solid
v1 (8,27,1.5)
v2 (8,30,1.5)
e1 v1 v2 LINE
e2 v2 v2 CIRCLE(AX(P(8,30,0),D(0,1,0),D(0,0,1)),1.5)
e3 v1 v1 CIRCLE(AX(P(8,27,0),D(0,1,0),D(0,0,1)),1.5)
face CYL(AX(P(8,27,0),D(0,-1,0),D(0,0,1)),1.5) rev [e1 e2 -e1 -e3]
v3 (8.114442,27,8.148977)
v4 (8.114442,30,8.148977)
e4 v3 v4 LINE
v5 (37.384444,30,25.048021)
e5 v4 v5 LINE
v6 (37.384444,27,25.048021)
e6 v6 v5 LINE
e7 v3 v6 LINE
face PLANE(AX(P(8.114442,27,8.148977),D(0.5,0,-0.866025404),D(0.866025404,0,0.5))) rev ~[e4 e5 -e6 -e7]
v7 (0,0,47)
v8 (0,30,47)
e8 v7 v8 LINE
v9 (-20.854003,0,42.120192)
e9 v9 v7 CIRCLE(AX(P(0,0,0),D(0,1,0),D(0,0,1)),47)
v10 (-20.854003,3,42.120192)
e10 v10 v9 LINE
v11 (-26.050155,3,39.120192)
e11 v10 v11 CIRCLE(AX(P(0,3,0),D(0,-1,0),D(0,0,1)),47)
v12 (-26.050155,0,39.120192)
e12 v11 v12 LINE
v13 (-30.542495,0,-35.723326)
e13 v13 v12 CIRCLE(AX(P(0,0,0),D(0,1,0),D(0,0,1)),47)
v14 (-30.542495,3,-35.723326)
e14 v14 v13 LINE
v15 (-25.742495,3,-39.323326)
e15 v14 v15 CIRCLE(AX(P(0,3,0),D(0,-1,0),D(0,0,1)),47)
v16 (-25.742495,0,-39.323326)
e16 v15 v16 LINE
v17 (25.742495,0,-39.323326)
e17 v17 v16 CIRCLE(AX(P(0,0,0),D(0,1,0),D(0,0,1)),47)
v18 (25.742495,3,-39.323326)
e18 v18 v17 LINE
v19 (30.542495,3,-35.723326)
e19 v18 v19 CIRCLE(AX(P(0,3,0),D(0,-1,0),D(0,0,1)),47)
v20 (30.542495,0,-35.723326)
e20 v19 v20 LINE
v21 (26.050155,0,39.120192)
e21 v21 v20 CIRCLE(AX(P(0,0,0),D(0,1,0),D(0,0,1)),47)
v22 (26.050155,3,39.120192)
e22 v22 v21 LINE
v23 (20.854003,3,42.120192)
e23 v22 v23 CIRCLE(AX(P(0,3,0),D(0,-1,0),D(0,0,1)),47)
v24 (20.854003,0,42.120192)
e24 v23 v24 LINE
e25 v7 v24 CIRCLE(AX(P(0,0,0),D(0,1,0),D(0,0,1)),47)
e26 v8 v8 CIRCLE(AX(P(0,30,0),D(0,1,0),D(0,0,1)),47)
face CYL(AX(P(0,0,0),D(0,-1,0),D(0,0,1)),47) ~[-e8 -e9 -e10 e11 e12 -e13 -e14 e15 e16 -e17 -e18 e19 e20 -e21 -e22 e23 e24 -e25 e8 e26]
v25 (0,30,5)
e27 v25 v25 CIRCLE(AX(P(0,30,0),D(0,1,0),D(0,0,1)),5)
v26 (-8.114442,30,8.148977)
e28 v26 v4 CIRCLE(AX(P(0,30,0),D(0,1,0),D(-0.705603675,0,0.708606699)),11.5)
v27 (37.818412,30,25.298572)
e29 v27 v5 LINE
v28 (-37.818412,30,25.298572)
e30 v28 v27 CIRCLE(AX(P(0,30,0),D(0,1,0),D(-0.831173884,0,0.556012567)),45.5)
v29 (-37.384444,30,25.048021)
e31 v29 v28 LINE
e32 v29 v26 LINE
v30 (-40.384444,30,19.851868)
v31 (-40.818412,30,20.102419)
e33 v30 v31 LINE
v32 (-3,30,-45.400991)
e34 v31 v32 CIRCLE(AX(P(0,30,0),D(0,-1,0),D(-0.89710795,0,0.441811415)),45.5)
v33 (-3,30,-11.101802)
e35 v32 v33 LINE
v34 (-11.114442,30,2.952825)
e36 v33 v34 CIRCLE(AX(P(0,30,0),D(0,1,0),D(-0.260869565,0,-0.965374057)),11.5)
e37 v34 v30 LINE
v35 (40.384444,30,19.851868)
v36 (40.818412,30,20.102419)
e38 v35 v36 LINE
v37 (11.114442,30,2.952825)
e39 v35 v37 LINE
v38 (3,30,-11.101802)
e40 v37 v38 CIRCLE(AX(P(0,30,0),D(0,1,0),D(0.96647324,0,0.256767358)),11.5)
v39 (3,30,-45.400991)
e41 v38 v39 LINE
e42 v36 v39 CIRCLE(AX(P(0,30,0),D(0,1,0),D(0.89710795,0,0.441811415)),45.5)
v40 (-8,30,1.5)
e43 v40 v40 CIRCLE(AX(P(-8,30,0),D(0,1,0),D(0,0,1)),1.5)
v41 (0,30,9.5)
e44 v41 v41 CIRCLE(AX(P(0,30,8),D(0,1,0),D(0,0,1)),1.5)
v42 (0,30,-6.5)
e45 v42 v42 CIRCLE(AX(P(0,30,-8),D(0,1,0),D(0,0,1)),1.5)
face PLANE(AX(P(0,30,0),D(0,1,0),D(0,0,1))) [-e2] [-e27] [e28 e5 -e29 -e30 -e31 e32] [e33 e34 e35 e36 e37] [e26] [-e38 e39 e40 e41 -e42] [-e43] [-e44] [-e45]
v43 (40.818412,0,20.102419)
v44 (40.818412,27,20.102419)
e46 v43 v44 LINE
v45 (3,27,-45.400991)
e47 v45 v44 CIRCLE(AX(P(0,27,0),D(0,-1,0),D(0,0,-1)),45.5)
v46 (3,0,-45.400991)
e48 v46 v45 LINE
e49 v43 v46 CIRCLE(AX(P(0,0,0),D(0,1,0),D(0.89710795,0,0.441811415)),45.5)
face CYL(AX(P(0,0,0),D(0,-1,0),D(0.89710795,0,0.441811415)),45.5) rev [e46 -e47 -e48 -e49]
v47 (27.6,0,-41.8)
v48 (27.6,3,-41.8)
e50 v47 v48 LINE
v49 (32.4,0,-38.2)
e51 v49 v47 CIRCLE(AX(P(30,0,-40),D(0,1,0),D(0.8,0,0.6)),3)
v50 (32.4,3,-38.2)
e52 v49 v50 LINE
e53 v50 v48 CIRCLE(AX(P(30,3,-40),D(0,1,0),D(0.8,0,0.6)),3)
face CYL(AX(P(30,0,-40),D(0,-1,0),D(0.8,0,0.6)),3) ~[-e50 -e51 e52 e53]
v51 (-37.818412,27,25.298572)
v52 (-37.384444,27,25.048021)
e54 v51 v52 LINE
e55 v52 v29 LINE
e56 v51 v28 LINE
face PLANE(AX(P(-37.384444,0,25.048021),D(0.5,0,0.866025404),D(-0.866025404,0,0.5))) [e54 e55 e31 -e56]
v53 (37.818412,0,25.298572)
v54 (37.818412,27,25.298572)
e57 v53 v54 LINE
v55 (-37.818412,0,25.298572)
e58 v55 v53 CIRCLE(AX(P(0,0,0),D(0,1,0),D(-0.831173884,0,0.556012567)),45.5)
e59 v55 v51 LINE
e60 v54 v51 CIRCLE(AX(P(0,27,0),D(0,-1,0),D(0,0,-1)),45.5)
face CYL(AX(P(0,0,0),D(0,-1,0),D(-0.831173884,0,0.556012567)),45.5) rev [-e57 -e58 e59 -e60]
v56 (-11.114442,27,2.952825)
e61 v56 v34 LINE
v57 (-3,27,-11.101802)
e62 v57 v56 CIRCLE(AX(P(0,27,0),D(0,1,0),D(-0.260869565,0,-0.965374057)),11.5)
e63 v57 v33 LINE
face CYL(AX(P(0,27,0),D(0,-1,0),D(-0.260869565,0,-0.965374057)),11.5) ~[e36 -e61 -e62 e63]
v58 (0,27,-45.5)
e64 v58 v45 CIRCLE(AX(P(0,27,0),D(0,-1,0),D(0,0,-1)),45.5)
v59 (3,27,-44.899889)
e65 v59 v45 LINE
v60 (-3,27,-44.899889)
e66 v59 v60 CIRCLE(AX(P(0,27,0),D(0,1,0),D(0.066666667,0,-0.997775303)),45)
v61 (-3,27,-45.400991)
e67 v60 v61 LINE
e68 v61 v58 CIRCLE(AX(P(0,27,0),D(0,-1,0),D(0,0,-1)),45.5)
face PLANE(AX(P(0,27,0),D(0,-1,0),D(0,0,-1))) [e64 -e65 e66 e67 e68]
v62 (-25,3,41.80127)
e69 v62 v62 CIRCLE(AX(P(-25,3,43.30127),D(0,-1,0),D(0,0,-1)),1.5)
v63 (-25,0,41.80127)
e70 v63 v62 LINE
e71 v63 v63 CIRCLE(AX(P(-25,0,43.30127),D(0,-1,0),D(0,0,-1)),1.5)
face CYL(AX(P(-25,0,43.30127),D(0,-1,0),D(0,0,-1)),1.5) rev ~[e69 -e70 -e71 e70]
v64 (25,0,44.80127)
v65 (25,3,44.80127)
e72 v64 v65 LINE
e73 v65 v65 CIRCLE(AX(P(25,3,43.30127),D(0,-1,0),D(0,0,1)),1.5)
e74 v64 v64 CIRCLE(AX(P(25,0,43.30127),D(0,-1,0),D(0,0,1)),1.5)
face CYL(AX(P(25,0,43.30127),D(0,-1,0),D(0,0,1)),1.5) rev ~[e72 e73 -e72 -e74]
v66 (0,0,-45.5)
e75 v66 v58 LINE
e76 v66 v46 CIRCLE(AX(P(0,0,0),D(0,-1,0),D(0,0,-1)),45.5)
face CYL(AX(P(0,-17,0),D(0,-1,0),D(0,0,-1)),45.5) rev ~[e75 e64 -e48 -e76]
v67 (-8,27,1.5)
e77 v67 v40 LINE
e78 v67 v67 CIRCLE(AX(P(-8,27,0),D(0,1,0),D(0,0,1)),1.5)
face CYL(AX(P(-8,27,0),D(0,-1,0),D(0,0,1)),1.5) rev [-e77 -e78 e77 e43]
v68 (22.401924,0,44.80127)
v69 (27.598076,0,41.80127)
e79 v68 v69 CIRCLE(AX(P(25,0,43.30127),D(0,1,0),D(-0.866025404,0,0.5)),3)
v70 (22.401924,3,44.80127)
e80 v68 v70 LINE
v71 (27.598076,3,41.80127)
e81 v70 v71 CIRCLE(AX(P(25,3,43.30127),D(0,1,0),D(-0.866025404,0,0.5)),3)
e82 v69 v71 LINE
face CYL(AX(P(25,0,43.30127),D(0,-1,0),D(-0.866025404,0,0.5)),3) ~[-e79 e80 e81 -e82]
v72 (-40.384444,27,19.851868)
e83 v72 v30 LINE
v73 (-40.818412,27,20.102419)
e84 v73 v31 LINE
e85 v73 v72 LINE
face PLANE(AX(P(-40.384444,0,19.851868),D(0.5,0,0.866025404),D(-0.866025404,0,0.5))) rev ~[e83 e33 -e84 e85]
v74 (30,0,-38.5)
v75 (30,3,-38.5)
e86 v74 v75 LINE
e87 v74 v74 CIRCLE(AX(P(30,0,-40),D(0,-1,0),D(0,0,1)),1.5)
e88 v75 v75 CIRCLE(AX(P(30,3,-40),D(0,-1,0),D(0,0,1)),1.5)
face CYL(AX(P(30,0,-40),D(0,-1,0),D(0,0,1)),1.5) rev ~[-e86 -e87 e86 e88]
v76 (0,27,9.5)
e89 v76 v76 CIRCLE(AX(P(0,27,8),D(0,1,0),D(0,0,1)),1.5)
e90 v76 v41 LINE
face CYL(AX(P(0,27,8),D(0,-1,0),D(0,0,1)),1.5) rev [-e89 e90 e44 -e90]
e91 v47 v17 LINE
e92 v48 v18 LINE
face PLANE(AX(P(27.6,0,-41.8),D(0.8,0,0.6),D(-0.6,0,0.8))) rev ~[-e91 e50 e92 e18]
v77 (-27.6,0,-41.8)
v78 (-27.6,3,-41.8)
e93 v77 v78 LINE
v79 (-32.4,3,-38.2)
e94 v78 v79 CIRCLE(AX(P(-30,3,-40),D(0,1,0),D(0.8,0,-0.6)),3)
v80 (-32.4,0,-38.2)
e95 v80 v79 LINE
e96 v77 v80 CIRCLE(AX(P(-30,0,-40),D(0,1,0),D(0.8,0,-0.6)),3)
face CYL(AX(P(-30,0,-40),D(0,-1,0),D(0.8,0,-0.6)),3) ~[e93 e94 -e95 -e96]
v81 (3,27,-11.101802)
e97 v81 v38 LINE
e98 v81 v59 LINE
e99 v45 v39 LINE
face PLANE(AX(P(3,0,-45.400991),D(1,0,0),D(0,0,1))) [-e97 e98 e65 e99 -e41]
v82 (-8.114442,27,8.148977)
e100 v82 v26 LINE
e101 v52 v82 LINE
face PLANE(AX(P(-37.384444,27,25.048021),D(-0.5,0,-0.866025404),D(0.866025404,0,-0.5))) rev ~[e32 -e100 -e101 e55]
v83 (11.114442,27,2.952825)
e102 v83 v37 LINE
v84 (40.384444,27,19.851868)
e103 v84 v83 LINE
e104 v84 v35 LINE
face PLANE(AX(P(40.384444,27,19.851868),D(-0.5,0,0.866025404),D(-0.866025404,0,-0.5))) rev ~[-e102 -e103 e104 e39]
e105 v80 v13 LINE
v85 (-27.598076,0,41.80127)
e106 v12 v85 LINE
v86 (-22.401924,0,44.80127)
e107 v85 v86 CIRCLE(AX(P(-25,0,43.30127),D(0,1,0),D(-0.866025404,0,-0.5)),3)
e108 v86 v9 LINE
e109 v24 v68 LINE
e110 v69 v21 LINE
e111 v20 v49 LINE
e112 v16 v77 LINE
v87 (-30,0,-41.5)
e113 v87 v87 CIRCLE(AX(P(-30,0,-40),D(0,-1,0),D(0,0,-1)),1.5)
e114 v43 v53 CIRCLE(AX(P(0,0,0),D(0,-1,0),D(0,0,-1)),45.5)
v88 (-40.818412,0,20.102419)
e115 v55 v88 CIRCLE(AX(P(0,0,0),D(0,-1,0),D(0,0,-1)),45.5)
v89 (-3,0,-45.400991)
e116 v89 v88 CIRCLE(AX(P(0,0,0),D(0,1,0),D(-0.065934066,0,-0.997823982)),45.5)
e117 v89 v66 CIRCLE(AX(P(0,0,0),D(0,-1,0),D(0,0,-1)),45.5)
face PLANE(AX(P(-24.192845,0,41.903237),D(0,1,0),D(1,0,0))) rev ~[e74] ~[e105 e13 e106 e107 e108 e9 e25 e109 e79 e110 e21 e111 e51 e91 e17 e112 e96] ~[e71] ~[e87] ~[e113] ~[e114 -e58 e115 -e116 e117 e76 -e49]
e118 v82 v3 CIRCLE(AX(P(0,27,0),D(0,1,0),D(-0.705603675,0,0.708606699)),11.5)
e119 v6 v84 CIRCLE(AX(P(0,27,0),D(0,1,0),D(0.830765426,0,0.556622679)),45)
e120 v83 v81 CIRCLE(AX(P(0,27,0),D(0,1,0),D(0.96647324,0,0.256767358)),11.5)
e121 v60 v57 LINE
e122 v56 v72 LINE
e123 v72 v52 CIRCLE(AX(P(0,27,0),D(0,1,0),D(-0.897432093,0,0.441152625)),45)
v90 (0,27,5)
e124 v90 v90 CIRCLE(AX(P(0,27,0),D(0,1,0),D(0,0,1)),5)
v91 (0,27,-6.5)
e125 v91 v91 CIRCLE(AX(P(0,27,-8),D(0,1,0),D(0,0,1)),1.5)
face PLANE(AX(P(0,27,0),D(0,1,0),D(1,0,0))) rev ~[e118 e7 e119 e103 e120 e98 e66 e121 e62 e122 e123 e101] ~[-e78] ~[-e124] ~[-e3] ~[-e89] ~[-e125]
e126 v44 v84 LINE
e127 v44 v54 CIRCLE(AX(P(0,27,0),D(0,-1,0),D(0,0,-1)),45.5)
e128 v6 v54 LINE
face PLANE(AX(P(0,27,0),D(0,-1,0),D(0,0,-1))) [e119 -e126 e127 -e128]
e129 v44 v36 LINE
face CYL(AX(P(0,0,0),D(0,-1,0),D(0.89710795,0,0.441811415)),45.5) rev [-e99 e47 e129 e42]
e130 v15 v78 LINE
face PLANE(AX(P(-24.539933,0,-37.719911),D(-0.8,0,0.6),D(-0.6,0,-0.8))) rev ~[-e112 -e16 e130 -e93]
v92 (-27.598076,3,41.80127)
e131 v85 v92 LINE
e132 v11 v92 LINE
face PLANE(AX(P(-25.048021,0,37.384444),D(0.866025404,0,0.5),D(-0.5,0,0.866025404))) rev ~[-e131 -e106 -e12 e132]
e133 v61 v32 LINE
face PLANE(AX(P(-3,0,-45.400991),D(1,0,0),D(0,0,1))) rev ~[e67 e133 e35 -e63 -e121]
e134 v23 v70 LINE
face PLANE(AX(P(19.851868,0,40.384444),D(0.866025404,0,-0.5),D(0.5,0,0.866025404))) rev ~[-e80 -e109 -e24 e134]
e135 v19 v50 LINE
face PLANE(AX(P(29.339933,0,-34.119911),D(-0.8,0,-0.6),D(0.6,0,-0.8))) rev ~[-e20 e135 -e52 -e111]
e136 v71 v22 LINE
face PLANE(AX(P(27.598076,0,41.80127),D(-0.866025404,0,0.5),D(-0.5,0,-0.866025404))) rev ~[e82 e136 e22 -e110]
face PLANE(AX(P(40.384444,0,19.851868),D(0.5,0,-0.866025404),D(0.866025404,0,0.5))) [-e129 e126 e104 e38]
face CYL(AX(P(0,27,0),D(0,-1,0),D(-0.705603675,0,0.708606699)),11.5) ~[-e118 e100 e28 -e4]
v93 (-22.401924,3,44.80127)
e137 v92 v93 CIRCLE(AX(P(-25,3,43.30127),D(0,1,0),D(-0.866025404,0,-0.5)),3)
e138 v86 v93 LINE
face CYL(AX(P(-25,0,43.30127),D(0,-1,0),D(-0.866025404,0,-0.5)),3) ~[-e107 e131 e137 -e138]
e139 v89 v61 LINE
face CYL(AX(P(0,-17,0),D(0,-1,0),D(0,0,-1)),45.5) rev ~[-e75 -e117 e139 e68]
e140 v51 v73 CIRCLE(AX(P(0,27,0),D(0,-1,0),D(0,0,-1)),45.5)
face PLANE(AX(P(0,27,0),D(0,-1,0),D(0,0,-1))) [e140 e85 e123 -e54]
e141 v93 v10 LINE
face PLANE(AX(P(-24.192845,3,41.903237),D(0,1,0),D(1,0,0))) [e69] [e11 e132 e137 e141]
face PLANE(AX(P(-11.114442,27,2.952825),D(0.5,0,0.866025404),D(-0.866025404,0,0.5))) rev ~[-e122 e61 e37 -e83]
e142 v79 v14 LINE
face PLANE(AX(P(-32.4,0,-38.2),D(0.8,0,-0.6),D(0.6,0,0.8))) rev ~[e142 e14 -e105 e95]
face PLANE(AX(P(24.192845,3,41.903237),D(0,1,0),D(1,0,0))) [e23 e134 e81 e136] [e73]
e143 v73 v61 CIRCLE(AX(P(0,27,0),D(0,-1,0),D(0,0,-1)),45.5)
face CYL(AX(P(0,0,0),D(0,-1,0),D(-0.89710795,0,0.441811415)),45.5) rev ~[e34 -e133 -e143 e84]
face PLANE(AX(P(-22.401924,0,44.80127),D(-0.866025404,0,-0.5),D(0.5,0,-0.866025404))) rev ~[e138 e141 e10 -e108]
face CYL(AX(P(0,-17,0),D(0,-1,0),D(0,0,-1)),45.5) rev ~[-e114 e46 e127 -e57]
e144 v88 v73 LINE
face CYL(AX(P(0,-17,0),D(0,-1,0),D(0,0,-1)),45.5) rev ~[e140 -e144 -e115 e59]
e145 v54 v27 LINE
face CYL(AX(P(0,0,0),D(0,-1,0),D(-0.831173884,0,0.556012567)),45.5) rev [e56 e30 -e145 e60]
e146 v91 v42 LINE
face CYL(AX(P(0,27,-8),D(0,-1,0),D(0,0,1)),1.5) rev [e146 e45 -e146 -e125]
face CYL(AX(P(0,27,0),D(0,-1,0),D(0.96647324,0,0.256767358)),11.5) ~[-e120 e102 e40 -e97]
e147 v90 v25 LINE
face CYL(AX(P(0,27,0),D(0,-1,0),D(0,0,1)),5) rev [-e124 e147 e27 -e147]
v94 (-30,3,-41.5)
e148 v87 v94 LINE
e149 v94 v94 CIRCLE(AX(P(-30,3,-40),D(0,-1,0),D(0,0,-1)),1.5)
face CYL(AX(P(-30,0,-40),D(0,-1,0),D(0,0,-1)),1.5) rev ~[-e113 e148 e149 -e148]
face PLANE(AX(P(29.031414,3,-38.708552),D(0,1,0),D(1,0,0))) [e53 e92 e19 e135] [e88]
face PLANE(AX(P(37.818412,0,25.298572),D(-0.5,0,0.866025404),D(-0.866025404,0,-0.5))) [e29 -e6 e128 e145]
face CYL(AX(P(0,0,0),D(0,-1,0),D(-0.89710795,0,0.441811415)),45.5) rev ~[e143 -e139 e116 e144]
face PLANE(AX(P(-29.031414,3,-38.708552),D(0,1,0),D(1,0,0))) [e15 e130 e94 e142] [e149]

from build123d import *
from build123d.topology import SkipClean

# Parameters (mm, degrees)
SKETCH_1_R          = 47
SKETCH_1_R_2        = 45
EXTRUDE_1_DEPTH     = 30
SKETCH_2_R          = 1.5
EXTRUDE_5_DEPTH     = 3
EXTRUDE_START       = -3
SKETCH_3_R          = 5
SKETCH_3_R_2        = 1.5
EXTRUDE_6_DEPTH     = 3
CUT_EXTRUDE_1_DEPTH = 30
CUT_EXTRUDE_START   = 44
SKETCH_5_R          = 45.5
CUT_EXTRUDE_2_DEPTH = 44


with BuildPart() as part:
    # 草图1 → 凸台-拉伸1 (new body)
    with BuildSketch(Plane(origin=(0, 0, 0), x_dir=(1, 0, 0), z_dir=(0, 1, 0))):
        with Locations(Location((0, 0, 0), (0, 0, 270))):
            Circle(SKETCH_1_R)
        with Locations(Location((0, 0, 0), (0, 0, 270))):
            Circle(SKETCH_1_R_2, mode=Mode.SUBTRACT)
    extrude(amount=EXTRUDE_1_DEPTH)

    # 草图2 → 凸台-拉伸5 (add)
    # profile 1 of 4: a face of its own
    with SkipClean():  # the faces are left unmerged after this step: merging them gives an invalid solid
        with BuildSketch(Plane(origin=(0, 0, 0), x_dir=(-1, 0, 0), z_dir=(0, -1, 0))):
            with BuildLine():
                Line((22.401923789, -44.801270189), (19.851868109, -40.38444419))
                ThreePointArc((19.851868109, -40.38444419), (22.5, -38.97114317), (25.048020532, -37.38444419))
                Line((25.048020532, -37.38444419), (27.598076211, -41.801270189))
                ThreePointArc((27.598076211, -41.801270189), (26.5, -45.899346401), (22.401923789, -44.801270189))
            make_face()
            with Locations(Location((25, -43.301270189, 0), (0, 0, 90))):
                Circle(SKETCH_2_R, mode=Mode.SUBTRACT)
        # profile 2 of 4: a face of its own
        with BuildSketch(Plane(origin=(0, 0, 0), x_dir=(-1, 0, 0), z_dir=(0, -1, 0))):
            with BuildLine():
                Line((-27.598076211, -41.801270189), (-25.048020532, -37.38444419))
                ThreePointArc((-25.048020532, -37.38444419), (-22.5, -38.97114317), (-19.851868109, -40.38444419))
                Line((-19.851868109, -40.38444419), (-22.401923789, -44.801270189))
                ThreePointArc((-22.401923789, -44.801270189), (-26.5, -45.899346401), (-27.598076211, -41.801270189))
            make_face()
            with Locations(Location((-25, -43.301270189, 0), (0, 0, 270))):
                Circle(SKETCH_2_R, mode=Mode.SUBTRACT)
        # profile 3 of 4: a face of its own
        with BuildSketch(Plane(origin=(0, 0, 0), x_dir=(-1, 0, 0), z_dir=(0, -1, 0))):
            with BuildLine():
                Line((32.4, 38.2), (29.339933185, 34.119910913))
                ThreePointArc((29.339933185, 34.119910913), (27, 36), (24.539933185, 37.719910913))
                Line((24.539933185, 37.719910913), (27.6, 41.8))
                ThreePointArc((27.6, 41.8), (31.8, 42.4), (32.4, 38.2))
            make_face()
            with Locations(Location((30, 40, 0), (0, 0, 90))):
                Circle(SKETCH_2_R, mode=Mode.SUBTRACT)
        # profile 4 of 4: a face of its own
        with BuildSketch(Plane(origin=(0, 0, 0), x_dir=(-1, 0, 0), z_dir=(0, -1, 0))):
            with BuildLine():
                Line((-27.6, 41.8), (-24.539933185, 37.719910913))
                ThreePointArc((-24.539933185, 37.719910913), (-27, 36), (-29.339933185, 34.119910913))
                Line((-29.339933185, 34.119910913), (-32.4, 38.2))
                ThreePointArc((-32.4, 38.2), (-31.8, 42.4), (-27.6, 41.8))
            make_face()
            with Locations(Location((-30, 40, 0), (0, 0, 270))):
                Circle(SKETCH_2_R, mode=Mode.SUBTRACT)
        extrude(amount=-EXTRUDE_5_DEPTH)

    # 草图3 → 凸台-拉伸6 (add)
    with SkipClean():  # the faces are left unmerged after this step: merging them gives an invalid solid
        with BuildSketch(Plane(origin=(0, 30, 0), x_dir=(1, 0, 0), z_dir=(0, 1, 0)).offset(EXTRUDE_START)):
            with BuildLine():
                Line((-3, 44.899888641), (-3, 11.101801656))
                ThreePointArc((-3, 11.101801656), (-9.959292144, 5.75), (-11.114442262, -2.952824616))
                Line((-11.114442262, -2.952824616), (-40.38444419, -19.851868109))
                ThreePointArc((-40.38444419, -19.851868109), (-38.97114317, -22.5), (-37.38444419, -25.048020532))
                Line((-37.38444419, -25.048020532), (-8.114442262, -8.148977039))
                ThreePointArc((-8.114442262, -8.148977039), (0, -11.5), (8.114442262, -8.148977039))
                Line((8.114442262, -8.148977039), (37.38444419, -25.048020532))
                ThreePointArc((37.38444419, -25.048020532), (38.97114317, -22.5), (40.38444419, -19.851868109))
                Line((40.38444419, -19.851868109), (11.114442262, -2.952824616))
                ThreePointArc((11.114442262, -2.952824616), (9.959292144, 5.75), (3, 11.101801656))
                Line((3, 11.101801656), (3, 44.899888641))
                ThreePointArc((3, 44.899888641), (0, 45), (-3, 44.899888641))
            make_face()
            with Locations(Location((0, 0, 0), (0, 0, 270))):
                Circle(SKETCH_3_R, mode=Mode.SUBTRACT)
            with Locations(Location((8, 0, 0), (0, 0, 270))):
                Circle(SKETCH_3_R_2, mode=Mode.SUBTRACT)
            with Locations(Location((0, -8, 0), (0, 0, 270))):
                Circle(SKETCH_3_R_2, mode=Mode.SUBTRACT)
            with Locations(Location((-8, 0, 0), (0, 0, 270))):
                Circle(SKETCH_3_R_2, mode=Mode.SUBTRACT)
            with Locations(Location((0, 8, 0), (0, 0, 270))):
                Circle(SKETCH_3_R_2, mode=Mode.SUBTRACT)
        extrude(amount=EXTRUDE_6_DEPTH)

    # 草图4 → 切除-拉伸1 (cut)
    with BuildSketch(Plane.XZ):
        with BuildLine():
            Line((-37.38444419, 25.048020532), (-37.818411718, 25.298571801))
            ThreePointArc((-37.818411718, 25.298571801), (0, 45.5), (37.818411718, 25.298571801))
            Line((37.818411718, 25.298571801), (37.38444419, 25.048020532))
            ThreePointArc((37.38444419, 25.048020532), (0, 45), (-37.38444419, 25.048020532))
        make_face()
        with BuildLine():
            Line((-40.38444419, 19.851868109), (-40.818411718, 20.102419378))
            ThreePointArc((-40.818411718, 20.102419378), (-39.404155872, -22.75), (-3, -45.400991179))
            Line((-3, -45.400991179), (-3, -44.899888641))
            ThreePointArc((-3, -44.899888641), (-38.97114317, -22.5), (-40.38444419, 19.851868109))
        make_face()
        with BuildLine():
            Line((40.38444419, 19.851868109), (40.818411718, 20.102419378))
            ThreePointArc((40.818411718, 20.102419378), (39.404155872, -22.75), (3, -45.400991179))
            Line((3, -45.400991179), (3, -44.899888641))
            ThreePointArc((3, -44.899888641), (38.97114317, -22.5), (40.38444419, 19.851868109))
        make_face()
    extrude(amount=-CUT_EXTRUDE_1_DEPTH, mode=Mode.SUBTRACT)

    # 草图5 → 切除-拉伸2 (cut)
    with SkipClean():  # the faces are left unmerged after this step: merging them gives an invalid solid
        with BuildSketch(Plane(origin=(0, 27, 0), x_dir=(-1, 0, 0), z_dir=(0, -1, 0)).offset(CUT_EXTRUDE_START)):
            with Locations(Location((0, 0, 0), (0, 0, 90))):
                Circle(SKETCH_5_R)
        extrude(amount=-CUT_EXTRUDE_2_DEPTH, mode=Mode.SUBTRACT)


solid = part.part
